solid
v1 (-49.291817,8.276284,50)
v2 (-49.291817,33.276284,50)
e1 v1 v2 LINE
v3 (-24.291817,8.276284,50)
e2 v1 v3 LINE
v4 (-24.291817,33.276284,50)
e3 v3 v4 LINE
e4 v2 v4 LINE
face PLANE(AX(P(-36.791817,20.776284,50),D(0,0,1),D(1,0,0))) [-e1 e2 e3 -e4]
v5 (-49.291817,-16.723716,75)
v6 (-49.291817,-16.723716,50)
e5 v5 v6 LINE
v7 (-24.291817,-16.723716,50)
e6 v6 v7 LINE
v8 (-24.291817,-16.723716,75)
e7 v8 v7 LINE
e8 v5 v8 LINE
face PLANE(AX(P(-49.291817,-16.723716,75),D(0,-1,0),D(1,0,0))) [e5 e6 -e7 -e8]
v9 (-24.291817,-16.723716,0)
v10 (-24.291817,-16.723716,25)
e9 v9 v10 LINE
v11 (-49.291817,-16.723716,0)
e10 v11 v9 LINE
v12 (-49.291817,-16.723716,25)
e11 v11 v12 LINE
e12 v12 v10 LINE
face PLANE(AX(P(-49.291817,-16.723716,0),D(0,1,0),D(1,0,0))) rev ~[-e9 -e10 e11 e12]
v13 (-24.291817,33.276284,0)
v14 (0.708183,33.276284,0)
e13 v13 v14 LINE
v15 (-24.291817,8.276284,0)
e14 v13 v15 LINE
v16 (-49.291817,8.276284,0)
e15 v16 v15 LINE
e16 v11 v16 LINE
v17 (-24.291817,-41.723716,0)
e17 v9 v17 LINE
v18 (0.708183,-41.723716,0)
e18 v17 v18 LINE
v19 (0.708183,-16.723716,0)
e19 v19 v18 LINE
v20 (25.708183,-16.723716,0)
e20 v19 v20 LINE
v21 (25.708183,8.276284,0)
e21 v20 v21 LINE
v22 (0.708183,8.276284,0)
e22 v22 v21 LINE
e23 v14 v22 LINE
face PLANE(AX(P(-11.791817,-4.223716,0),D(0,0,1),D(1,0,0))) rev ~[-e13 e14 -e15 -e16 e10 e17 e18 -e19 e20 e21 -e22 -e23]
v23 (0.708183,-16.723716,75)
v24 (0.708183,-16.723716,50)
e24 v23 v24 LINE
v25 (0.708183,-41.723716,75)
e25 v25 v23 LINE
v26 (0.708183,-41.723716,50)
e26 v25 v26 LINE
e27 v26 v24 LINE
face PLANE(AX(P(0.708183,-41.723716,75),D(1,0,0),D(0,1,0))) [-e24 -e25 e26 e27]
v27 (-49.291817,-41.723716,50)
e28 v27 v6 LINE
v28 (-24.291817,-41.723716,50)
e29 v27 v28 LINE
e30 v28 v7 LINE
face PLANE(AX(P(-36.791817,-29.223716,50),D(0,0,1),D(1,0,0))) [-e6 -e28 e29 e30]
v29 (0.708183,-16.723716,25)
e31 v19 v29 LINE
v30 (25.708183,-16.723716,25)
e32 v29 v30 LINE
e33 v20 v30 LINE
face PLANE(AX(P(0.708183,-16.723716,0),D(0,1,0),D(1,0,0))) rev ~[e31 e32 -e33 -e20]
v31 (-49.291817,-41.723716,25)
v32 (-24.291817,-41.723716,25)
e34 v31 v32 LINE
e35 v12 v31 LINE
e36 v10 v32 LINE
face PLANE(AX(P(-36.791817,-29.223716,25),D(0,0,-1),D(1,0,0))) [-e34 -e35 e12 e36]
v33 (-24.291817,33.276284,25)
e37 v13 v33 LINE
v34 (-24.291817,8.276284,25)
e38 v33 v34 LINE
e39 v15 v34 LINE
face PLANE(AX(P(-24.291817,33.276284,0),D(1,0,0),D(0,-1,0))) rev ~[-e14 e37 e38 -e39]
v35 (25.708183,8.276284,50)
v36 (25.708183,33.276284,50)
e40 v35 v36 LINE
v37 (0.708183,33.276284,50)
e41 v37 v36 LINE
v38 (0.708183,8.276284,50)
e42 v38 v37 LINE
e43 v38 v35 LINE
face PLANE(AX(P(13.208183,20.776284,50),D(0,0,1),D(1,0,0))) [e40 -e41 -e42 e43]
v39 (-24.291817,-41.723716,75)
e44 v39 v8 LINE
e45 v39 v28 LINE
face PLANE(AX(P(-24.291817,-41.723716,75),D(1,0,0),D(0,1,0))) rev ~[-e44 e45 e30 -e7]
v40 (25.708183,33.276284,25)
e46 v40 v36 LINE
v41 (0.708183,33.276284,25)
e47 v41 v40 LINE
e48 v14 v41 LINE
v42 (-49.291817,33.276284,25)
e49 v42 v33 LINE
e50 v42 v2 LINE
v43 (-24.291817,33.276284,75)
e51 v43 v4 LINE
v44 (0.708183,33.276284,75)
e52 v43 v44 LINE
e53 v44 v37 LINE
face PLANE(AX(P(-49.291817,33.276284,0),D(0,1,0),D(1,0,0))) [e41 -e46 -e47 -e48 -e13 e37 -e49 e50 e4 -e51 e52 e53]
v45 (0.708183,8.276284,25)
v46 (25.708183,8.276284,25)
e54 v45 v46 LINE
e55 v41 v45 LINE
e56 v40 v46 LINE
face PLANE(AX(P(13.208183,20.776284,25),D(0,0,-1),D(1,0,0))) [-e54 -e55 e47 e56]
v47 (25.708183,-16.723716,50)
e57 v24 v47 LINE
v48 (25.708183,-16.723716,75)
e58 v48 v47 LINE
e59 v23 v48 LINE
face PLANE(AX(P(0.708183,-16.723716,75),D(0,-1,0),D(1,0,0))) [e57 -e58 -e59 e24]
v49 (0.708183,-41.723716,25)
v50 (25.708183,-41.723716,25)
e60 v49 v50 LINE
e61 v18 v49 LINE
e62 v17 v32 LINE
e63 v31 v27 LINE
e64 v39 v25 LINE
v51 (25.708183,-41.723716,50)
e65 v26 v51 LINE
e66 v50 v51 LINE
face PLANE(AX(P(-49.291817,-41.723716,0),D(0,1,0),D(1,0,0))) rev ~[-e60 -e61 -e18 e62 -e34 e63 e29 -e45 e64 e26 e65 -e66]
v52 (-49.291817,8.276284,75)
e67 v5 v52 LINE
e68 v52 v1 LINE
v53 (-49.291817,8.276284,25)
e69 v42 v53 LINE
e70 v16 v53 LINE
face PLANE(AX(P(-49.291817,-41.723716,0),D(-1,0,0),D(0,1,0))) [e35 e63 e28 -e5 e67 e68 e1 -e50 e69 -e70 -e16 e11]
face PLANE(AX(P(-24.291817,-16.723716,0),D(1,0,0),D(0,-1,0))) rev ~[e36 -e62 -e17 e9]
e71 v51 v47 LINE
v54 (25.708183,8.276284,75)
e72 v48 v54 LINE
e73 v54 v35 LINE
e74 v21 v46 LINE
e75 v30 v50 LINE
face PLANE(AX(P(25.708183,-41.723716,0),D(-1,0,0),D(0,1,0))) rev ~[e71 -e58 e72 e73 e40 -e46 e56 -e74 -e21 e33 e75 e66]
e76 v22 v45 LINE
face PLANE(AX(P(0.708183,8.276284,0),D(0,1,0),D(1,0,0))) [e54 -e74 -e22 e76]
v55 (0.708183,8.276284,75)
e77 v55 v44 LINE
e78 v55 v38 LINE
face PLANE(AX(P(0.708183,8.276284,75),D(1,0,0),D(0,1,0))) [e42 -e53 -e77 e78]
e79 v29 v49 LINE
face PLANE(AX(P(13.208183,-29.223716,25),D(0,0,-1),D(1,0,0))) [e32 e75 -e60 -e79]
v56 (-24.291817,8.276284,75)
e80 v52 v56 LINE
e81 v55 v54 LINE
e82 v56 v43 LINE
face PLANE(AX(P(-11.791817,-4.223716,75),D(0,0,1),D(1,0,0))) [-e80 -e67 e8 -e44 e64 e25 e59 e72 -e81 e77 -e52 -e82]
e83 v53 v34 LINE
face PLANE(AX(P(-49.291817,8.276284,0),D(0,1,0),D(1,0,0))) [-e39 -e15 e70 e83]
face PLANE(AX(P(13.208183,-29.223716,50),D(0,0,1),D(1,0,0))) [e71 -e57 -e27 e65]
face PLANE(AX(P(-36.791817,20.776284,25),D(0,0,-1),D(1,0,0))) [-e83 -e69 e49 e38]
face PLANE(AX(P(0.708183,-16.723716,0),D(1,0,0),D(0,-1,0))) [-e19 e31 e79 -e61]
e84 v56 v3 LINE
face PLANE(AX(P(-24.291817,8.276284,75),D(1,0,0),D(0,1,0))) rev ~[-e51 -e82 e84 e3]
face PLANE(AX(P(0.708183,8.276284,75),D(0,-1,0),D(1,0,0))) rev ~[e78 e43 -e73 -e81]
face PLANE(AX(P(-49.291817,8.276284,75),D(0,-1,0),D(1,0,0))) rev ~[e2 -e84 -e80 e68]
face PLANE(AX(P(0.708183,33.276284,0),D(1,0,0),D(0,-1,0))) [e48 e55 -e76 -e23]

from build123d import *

# Parameters (mm, degrees)
F0_W     = 75
F0_H     = 75
F1_DEPTH = 75
F2_W     = 25
F2_H     = 25
F3_DEPTH = 25
F4_W     = 25
F4_H     = 25
F5_DEPTH = 25


with BuildPart() as f1:
    # F0 (on Top) → F1 (new body)
    with BuildSketch(Plane.XY):
        with Locations((-11.791817, -4.223716)):
            Rectangle(F0_W, F0_H)
    extrude(amount=F1_DEPTH)

    # F2 (on face) → F3 (cut)
    with BuildSketch(Plane(origin=(0, 0, 0), x_dir=(1, 0, 0), z_dir=(0, 0, -1))):
        with Locations((-36.791817, 29.223716)):
            Rectangle(F2_W, F2_H)
        with Locations((-36.791817, -20.776284)):
            Rectangle(F2_W, F2_H)
        with Locations((13.208183, 29.223716)):
            Rectangle(F2_W, F2_H)
        with Locations((13.208183, -20.776284)):
            Rectangle(F2_W, F2_H)
    extrude(amount=-F3_DEPTH, mode=Mode.SUBTRACT)

    # F4 (on face) → F5 (cut)
    with BuildSketch(Plane.XY.offset(75)):
        with Locations((-36.791817, 20.776284)):
            Rectangle(F4_W, F4_H)
        with Locations((13.208183, 20.776284)):
            Rectangle(F4_W, F4_H)
        with Locations((-36.791817, -29.223716)):
            Rectangle(F4_W, F4_H)
        with Locations((13.208183, -29.223716)):
            Rectangle(F4_W, F4_H)
    extrude(amount=-F5_DEPTH, mode=Mode.SUBTRACT)


solid = f1.part
